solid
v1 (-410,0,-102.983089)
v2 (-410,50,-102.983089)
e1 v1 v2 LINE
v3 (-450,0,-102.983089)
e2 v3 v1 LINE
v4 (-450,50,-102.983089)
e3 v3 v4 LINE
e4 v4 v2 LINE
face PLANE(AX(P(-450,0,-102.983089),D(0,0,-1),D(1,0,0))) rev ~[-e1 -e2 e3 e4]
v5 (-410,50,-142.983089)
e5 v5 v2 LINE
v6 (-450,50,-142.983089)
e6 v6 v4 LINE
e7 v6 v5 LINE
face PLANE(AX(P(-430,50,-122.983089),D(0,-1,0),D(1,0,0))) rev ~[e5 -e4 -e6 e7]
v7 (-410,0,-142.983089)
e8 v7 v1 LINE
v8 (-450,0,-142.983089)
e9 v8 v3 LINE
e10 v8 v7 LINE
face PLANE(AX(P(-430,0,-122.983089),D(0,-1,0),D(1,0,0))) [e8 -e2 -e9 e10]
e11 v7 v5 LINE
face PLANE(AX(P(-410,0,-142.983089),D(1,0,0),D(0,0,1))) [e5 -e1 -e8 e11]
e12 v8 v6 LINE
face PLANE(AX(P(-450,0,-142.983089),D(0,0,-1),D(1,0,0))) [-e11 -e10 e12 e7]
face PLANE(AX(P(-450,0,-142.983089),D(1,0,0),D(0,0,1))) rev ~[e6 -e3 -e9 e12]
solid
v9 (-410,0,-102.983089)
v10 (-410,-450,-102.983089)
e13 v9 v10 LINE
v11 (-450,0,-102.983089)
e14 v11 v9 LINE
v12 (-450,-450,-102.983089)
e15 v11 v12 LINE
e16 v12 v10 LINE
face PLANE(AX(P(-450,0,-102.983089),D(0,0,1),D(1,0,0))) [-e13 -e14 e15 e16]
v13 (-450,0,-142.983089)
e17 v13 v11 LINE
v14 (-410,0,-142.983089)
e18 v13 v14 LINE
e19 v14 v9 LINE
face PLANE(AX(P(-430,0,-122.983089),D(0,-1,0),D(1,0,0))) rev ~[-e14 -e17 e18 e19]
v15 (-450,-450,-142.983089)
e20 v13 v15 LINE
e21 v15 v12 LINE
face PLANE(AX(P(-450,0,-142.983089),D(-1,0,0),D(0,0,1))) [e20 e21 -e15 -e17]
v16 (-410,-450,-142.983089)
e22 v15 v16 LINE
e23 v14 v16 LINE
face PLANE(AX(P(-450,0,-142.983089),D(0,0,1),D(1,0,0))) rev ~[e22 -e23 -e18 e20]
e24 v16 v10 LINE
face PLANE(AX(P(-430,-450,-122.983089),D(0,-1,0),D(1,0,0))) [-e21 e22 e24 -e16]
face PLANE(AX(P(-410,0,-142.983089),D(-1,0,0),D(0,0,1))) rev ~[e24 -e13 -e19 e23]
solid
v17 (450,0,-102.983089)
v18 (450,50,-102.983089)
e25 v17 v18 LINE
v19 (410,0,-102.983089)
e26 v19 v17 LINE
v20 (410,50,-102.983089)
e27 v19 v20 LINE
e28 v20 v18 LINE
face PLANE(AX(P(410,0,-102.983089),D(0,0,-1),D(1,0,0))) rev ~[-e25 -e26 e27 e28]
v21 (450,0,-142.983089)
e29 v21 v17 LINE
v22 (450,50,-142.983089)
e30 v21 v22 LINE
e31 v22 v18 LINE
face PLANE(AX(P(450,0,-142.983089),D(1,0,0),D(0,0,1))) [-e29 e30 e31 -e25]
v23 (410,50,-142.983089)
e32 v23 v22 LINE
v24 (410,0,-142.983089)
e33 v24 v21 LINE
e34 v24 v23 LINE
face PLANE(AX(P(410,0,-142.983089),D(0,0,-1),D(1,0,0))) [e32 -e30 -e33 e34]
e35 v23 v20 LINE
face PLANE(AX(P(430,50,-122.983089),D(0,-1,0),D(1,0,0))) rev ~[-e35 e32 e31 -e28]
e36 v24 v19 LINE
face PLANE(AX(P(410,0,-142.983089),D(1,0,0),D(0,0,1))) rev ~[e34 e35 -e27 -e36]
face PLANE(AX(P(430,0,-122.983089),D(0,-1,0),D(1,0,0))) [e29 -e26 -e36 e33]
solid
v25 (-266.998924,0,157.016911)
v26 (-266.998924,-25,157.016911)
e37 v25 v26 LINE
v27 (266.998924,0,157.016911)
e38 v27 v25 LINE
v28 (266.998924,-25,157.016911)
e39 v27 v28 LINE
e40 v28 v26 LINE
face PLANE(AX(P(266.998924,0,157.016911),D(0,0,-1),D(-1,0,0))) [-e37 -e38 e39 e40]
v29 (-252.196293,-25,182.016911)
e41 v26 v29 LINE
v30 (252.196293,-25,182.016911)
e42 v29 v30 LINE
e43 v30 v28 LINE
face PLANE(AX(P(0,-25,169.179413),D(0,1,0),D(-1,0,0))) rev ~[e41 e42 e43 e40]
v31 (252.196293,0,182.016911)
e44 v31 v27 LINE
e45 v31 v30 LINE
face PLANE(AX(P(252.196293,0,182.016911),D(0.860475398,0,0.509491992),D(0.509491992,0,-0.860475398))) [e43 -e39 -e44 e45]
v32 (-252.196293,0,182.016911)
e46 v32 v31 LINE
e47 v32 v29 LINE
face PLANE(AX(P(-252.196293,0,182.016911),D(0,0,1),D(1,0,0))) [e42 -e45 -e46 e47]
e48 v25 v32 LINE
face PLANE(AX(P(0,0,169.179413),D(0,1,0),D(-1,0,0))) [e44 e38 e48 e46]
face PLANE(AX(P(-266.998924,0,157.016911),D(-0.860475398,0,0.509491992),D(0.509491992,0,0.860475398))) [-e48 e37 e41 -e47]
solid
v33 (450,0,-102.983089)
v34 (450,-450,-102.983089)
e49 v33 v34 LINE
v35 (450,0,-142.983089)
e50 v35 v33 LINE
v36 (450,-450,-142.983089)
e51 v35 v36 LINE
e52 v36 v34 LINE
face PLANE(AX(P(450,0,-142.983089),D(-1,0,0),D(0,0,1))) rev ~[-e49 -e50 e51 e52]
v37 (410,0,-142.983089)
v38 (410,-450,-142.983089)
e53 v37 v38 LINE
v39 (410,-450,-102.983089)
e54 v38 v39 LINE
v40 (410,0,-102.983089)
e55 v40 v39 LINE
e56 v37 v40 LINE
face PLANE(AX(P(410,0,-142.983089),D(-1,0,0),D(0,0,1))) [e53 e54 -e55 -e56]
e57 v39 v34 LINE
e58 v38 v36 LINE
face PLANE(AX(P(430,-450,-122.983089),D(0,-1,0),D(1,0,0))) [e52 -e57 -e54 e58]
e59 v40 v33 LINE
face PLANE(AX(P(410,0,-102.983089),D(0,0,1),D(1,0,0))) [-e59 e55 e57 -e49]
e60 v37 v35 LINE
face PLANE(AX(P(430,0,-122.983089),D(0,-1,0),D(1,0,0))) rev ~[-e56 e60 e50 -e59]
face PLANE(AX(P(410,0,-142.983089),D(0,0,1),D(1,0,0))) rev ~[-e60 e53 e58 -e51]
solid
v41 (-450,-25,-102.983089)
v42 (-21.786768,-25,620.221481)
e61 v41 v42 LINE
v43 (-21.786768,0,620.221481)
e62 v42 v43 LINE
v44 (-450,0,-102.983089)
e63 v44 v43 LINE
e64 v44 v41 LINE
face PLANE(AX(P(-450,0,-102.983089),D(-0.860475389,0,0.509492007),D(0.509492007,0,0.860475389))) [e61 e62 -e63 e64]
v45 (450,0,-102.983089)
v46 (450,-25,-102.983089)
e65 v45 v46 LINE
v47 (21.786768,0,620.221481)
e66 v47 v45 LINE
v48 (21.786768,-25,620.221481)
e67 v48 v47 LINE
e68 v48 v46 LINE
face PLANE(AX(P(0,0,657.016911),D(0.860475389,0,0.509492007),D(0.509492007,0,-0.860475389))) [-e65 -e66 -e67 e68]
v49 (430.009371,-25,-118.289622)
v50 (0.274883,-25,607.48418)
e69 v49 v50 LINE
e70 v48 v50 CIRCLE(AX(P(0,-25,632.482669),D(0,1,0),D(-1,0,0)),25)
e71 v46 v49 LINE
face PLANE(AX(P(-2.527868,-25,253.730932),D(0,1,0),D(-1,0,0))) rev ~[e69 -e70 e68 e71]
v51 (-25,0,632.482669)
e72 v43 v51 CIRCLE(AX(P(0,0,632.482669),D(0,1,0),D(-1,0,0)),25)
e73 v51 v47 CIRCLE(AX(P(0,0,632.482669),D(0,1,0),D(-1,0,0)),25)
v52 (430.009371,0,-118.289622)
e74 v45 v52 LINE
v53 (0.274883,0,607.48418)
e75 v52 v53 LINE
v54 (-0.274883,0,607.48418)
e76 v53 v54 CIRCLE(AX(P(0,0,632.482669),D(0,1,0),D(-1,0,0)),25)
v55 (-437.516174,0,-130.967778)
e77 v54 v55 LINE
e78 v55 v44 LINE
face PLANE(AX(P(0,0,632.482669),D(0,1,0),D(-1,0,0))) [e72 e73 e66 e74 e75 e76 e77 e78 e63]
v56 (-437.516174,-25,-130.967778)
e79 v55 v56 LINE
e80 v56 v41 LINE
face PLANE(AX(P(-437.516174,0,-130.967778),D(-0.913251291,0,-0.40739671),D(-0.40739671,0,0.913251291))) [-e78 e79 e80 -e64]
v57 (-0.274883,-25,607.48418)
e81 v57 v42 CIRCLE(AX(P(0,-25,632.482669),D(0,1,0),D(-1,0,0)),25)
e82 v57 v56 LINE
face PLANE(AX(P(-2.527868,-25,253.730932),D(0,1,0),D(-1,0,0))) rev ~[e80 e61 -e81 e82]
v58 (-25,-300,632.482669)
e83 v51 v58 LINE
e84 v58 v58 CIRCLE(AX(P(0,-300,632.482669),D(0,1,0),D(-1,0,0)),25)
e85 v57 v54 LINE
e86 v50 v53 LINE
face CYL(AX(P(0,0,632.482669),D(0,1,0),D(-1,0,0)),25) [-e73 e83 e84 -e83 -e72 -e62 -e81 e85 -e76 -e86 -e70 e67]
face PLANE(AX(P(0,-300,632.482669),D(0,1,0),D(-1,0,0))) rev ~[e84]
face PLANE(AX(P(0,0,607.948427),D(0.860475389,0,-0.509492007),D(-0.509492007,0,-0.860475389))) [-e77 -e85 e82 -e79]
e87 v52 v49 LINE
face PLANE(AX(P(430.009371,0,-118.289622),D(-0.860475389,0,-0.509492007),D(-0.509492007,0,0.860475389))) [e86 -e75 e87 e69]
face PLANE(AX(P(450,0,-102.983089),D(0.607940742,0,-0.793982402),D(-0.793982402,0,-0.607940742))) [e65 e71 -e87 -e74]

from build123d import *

# Parameters (mm, degrees)
F0_W     = 40
F0_H     = 40
F1_DEPTH = 450
F3_DEPTH = 25
F4_R     = 25
F5_DEPTH = 300
F6_DEPTH = 50
F8_DEPTH = 25


with BuildPart() as f1:
    # F0 (on Front) → F1 (new body)
    with BuildSketch(Plane.XZ):
        with Locations((-430, -122.983089)):
            Rectangle(F0_W, F0_H)
        with Locations((430, -122.983089)):
            Rectangle(F0_W, F0_H)
    extrude(amount=F1_DEPTH)


with BuildPart() as f3:
    # F2 (on face) → F3 (new body)
    with BuildSketch(Plane(origin=(0, 0, 0), x_dir=(-1, 0, 0), z_dir=(0, 1, 0))):
        Polygon((0, 657.016911), (-450, -102.983089), (-430.009371, -118.289622), (0, 607.948427), (437.516174, -130.967778), (450, -102.983089), align=None)
    extrude(amount=-F3_DEPTH)

    # F4 (on face) → F5 (join)
    with BuildSketch(Plane(origin=(0, 0, 0), x_dir=(-1, 0, 0), z_dir=(0, 1, 0))):
        with Locations((0, 632.482669)):
            Circle(F4_R)
    extrude(amount=-F5_DEPTH)


with BuildPart() as f6:
    # F0 (on Front) → F6 (new body)
    with BuildSketch(Plane.XZ):
        with Locations((-430, -122.983089)):
            Rectangle(F0_W, F0_H)
        with Locations((430, -122.983089)):
            Rectangle(F0_W, F0_H)
    extrude(amount=-F6_DEPTH)


with BuildPart() as f8:
    # F7 (on face) → F8 (new body)
    with BuildSketch(Plane(origin=(0, 0, 0), x_dir=(-1, 0, 0), z_dir=(0, 1, 0))):
        Polygon((-252.196293, 182.016911), (-266.998924, 157.016911), (266.998924, 157.016911), (252.196293, 182.016911), align=None)
    extrude(amount=-F8_DEPTH)


solid = Compound([f1.part, f3.part, f6.part, f8.part])
